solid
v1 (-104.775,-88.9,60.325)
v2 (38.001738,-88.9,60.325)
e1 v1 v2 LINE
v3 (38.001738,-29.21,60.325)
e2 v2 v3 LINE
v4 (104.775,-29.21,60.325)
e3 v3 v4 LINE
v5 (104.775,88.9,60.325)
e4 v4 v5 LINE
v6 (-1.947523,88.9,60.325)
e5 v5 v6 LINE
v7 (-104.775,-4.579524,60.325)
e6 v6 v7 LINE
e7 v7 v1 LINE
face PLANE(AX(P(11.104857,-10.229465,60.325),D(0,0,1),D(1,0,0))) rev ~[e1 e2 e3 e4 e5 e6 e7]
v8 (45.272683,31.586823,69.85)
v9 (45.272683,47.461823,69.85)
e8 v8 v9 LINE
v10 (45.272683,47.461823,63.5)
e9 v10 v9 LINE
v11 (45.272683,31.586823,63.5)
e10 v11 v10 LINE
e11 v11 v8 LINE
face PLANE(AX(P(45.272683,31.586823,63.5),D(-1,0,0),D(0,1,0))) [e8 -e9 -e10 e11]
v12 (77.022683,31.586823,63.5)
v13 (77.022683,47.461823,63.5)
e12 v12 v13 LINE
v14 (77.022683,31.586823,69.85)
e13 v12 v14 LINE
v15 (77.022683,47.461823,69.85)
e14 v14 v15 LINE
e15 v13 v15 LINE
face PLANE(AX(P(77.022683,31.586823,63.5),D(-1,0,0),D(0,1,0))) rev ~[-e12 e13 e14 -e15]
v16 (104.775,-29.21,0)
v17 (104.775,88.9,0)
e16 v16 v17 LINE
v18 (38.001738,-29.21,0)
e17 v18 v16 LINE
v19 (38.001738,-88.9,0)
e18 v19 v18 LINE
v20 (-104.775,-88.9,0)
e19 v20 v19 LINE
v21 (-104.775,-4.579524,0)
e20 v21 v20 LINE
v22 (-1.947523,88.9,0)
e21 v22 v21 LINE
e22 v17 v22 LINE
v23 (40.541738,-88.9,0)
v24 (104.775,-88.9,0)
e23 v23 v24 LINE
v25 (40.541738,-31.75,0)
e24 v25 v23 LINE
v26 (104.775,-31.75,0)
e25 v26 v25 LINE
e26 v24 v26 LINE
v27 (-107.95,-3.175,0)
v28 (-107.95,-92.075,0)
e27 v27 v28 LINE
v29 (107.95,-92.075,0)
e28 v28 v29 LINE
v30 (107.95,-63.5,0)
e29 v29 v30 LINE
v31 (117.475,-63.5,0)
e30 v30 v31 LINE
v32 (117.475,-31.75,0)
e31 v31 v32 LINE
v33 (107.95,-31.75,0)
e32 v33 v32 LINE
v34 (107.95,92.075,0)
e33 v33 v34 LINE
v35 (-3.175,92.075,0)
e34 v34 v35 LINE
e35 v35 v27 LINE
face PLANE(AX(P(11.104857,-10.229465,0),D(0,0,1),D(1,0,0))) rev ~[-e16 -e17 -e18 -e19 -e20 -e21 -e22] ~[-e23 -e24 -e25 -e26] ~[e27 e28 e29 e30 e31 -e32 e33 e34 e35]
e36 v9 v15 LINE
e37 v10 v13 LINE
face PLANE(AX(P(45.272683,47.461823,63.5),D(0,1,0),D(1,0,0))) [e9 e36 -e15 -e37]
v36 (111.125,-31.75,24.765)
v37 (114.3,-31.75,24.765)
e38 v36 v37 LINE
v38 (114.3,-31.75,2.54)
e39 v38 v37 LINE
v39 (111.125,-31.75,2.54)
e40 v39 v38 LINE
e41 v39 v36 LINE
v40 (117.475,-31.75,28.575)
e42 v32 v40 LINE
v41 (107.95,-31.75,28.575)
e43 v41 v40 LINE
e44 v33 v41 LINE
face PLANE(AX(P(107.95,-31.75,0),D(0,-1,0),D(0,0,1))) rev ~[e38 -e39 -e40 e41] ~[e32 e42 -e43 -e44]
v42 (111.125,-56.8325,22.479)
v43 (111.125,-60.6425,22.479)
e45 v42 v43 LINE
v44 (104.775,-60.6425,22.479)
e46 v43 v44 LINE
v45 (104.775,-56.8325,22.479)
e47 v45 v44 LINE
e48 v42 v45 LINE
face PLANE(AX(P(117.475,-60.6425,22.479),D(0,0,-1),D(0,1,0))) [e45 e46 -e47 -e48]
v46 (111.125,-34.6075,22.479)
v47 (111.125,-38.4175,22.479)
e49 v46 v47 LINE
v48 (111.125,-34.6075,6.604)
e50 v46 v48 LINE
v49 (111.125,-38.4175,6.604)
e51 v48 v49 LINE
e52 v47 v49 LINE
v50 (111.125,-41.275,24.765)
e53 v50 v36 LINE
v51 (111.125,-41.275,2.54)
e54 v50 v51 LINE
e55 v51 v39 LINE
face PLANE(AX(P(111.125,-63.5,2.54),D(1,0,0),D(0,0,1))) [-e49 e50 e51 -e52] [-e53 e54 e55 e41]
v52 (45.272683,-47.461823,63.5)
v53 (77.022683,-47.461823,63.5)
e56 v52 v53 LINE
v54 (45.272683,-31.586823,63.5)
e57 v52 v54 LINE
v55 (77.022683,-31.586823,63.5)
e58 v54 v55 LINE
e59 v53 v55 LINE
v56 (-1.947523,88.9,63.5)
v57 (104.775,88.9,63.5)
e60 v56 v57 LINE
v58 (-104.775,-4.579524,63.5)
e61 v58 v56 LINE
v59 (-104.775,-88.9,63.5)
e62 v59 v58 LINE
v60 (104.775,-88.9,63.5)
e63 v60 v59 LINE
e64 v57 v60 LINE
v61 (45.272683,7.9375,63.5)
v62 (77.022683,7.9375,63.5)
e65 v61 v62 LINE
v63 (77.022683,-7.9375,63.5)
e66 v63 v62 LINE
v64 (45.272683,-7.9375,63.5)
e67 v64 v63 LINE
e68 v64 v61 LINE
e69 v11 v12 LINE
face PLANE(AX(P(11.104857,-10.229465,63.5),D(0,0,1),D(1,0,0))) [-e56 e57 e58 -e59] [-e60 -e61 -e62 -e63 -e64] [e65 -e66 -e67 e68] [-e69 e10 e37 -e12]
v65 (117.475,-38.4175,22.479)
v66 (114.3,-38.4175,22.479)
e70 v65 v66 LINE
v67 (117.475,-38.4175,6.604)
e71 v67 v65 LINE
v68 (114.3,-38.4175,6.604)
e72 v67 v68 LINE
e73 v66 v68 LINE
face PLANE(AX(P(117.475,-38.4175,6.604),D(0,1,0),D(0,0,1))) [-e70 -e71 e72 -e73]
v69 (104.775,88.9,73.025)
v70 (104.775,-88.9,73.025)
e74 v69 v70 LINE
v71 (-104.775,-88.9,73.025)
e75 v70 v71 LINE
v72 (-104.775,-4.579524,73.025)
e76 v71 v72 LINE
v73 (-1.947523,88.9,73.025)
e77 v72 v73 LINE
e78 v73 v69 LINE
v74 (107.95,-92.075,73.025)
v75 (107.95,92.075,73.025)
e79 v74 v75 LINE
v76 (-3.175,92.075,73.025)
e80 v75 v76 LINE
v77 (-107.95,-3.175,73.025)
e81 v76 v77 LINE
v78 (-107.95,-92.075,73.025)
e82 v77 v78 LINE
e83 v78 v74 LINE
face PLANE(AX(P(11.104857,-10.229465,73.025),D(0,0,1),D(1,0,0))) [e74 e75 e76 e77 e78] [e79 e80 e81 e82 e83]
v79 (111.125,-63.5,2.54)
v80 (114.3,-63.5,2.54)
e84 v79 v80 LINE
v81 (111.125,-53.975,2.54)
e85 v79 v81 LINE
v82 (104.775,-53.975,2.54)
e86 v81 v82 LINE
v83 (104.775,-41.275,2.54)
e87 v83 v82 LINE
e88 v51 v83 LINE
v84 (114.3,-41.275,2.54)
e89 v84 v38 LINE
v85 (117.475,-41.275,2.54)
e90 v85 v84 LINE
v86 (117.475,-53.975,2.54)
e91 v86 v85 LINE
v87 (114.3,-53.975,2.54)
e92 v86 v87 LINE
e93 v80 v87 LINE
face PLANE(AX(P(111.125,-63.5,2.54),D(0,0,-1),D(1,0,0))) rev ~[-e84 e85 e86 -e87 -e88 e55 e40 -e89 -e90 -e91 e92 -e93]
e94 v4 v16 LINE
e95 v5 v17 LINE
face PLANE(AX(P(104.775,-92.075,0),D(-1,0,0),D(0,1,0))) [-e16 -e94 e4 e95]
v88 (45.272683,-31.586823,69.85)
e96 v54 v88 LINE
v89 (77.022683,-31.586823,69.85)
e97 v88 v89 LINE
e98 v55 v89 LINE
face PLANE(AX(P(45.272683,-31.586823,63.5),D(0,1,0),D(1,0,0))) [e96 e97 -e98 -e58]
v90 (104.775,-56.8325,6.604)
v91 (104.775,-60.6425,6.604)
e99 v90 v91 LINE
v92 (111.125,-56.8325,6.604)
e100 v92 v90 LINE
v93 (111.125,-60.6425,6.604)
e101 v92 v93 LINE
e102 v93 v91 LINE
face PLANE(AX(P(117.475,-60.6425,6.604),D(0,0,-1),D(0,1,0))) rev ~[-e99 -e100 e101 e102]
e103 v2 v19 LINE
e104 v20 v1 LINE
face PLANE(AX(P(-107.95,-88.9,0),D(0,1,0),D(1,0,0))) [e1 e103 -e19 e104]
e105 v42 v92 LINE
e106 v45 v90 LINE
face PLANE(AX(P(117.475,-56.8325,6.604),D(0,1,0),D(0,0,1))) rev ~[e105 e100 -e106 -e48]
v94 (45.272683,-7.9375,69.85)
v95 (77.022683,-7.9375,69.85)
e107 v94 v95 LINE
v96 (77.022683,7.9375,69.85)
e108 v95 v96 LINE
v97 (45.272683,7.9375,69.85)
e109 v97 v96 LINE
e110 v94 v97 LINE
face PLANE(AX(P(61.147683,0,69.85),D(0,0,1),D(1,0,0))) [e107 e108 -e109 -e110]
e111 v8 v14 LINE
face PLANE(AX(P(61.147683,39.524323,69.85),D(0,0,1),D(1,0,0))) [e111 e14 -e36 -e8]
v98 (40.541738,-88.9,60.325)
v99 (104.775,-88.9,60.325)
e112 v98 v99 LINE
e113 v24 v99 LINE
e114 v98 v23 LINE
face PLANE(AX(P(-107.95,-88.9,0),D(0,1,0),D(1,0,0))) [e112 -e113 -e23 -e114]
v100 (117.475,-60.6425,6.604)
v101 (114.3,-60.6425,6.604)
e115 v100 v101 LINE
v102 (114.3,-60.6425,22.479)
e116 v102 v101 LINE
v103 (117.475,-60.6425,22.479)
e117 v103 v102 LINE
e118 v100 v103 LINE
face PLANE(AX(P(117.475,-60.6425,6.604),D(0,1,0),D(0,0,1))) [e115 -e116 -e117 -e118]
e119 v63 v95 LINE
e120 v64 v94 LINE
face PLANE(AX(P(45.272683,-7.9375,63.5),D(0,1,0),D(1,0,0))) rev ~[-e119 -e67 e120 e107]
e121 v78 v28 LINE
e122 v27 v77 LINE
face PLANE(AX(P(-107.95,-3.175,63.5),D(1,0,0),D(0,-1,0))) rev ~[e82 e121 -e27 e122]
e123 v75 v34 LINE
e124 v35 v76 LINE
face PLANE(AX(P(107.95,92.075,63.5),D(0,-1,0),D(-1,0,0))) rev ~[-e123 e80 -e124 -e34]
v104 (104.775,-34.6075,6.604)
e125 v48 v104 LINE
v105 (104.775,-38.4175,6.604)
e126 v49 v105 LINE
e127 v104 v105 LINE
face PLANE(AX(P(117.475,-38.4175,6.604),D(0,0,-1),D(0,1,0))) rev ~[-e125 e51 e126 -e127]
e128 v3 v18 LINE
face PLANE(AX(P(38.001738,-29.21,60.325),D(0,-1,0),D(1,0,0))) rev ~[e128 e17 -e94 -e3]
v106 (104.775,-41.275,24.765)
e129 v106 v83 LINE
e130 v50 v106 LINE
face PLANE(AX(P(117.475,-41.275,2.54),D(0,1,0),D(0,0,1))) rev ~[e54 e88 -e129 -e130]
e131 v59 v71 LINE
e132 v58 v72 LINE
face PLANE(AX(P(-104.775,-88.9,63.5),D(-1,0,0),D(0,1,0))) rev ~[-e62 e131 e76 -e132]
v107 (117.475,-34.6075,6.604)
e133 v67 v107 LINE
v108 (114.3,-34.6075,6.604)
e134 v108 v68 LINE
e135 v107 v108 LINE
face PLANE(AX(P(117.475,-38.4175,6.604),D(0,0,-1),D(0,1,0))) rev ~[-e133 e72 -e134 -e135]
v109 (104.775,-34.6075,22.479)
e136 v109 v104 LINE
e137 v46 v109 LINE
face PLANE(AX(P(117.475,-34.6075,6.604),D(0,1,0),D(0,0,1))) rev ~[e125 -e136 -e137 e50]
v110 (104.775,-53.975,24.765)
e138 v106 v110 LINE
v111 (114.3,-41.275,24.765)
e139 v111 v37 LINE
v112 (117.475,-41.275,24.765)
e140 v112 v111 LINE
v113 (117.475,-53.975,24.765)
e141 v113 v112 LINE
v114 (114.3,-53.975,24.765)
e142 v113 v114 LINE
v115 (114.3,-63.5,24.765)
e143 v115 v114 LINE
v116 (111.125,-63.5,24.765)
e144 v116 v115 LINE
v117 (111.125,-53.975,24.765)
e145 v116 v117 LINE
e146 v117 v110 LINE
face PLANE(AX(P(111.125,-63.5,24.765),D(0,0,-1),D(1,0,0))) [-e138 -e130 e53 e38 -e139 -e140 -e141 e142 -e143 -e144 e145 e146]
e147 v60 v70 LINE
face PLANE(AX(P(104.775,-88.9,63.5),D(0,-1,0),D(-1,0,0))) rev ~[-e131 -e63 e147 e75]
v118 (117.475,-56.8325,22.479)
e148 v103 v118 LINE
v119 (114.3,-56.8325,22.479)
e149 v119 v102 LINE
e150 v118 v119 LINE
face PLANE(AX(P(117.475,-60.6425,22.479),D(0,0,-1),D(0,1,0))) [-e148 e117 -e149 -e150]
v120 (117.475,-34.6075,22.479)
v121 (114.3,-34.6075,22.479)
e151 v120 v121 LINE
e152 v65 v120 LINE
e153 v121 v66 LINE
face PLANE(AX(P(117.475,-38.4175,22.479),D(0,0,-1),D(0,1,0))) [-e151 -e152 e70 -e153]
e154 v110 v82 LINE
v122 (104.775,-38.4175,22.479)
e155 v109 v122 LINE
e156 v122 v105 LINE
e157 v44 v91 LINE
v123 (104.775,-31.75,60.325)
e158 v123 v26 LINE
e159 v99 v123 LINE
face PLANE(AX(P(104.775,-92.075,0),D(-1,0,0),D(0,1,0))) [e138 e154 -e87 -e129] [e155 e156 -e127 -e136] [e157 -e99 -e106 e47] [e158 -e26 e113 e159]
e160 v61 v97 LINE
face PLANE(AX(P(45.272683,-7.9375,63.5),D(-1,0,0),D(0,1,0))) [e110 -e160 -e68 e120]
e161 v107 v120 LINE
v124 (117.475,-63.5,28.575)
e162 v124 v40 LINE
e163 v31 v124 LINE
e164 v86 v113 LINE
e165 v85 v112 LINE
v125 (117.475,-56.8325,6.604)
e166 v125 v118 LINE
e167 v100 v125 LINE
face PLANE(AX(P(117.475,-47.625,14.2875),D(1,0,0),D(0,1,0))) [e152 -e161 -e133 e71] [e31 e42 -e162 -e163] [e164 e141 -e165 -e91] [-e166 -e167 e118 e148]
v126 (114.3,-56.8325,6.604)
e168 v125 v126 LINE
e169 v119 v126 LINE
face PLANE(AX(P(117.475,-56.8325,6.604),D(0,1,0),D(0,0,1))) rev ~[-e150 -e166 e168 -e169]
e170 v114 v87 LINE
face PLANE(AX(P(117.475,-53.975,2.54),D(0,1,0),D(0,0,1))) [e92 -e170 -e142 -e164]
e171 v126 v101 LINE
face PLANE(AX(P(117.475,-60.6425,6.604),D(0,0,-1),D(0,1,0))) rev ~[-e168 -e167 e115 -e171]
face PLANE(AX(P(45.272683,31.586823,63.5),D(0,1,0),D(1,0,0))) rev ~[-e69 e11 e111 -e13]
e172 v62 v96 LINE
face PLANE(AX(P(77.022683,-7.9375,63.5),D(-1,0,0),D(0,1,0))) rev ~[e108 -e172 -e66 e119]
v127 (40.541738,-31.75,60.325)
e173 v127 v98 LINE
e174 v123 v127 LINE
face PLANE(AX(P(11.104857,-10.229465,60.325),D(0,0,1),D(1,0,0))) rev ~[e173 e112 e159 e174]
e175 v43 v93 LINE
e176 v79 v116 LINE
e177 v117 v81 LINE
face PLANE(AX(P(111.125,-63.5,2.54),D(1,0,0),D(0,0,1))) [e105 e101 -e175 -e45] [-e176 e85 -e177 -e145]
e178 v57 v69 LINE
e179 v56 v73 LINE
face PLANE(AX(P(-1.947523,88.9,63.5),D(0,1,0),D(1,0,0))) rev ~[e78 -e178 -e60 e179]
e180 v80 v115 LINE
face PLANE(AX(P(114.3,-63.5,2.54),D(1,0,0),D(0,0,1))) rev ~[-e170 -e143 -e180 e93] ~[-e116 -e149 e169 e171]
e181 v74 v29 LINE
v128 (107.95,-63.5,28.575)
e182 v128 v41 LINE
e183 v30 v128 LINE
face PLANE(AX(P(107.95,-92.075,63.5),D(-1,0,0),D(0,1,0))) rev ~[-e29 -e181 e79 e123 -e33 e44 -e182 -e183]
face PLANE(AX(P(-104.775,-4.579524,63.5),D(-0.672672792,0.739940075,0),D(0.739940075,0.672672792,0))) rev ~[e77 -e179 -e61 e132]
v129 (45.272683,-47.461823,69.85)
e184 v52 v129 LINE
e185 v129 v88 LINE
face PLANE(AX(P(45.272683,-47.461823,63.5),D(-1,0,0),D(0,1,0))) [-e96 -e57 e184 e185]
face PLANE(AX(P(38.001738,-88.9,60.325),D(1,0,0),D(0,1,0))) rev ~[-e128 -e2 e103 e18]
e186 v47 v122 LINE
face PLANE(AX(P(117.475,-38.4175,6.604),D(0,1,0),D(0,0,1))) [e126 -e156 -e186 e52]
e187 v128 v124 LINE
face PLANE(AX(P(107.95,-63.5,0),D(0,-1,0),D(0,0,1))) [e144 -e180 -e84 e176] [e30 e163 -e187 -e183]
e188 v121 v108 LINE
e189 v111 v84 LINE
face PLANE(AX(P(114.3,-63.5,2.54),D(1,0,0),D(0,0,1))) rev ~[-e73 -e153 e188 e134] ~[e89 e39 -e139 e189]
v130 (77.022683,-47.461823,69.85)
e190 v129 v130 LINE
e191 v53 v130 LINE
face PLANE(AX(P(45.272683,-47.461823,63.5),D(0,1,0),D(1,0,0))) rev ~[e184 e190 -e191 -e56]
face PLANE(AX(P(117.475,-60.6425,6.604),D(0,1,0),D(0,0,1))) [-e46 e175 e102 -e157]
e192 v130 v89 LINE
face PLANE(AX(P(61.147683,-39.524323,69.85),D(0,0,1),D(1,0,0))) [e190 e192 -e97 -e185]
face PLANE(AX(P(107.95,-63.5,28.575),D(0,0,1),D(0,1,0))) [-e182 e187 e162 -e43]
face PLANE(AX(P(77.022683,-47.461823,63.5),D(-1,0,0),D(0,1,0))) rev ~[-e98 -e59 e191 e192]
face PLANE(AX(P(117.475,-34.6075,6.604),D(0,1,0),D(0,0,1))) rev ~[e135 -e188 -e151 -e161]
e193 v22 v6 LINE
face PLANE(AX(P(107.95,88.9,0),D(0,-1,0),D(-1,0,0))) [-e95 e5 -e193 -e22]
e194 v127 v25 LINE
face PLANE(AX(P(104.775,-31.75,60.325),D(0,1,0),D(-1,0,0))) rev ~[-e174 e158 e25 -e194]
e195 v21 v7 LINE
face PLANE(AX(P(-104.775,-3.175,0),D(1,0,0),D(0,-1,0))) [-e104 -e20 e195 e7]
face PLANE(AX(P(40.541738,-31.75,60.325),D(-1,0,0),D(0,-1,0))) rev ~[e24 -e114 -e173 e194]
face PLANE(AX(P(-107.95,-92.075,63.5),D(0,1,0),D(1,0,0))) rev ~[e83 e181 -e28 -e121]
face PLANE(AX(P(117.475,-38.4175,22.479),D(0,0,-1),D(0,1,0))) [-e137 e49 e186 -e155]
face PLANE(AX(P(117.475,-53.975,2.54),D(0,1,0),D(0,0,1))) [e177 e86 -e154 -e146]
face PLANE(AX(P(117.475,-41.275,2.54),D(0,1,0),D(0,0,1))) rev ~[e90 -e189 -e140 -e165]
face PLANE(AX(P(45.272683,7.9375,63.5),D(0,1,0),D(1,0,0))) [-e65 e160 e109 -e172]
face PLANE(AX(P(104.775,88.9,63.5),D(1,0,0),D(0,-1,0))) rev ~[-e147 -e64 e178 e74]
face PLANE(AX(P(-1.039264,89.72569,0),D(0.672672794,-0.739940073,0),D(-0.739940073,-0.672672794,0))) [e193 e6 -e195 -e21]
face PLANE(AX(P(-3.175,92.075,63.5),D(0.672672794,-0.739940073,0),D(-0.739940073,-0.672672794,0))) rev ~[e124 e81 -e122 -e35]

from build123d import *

# Parameters (mm, degrees)
F1_DEPTH  = 63.5
F2_T      = -3.175
F4_DEPTH  = 9.525
F5_W      = 31.75
F5_H      = 15.875
F6_DEPTH  = 6.35
F8_DEPTH  = 60.325
F9_W      = 31.75
F9_H      = 28.575
F10_DEPTH = 9.525
F11_W     = 12.7
F11_H     = 22.225
F11_W_2   = 3.81
F11_H_2   = 15.875
F12_DEPTH = 25.654
F13_W     = 3.175
F13_H     = 22.225
F14_DEPTH = 127


with BuildPart() as f1:
    # F0 (on Top) → F1 (new body)
    with BuildSketch(Plane.XY):
        Polygon((107.95, 92.075), (-3.175, 92.075), (-107.95, -3.175), (-107.95, -92.075), (107.95, -92.075), align=None)
    extrude(amount=F1_DEPTH)

    # F2
    f2_openings = [f1.faces().sort_by_distance(p)[0] for p in [
        (10.480538, -8.657836, 0),
    ]]
    offset(amount=F2_T, openings=f2_openings)

    # F3 (on face) → F4 (join)
    with BuildSketch(Plane.XY.offset(63.5)):
        Polygon((107.95, 92.075), (-3.175, 92.075), (-107.95, -3.175), (-107.95, -92.075), (107.95, -92.075), align=None)
        Polygon((104.775, -88.9), (-104.775, -88.9), (-104.775, -4.579524), (-1.947523, 88.9), (104.775, 88.9), align=None, mode=Mode.SUBTRACT)
    extrude(amount=F4_DEPTH)

    # F5 (on face) → F6 (join)
    with BuildSketch(Plane.XY.offset(63.5)):
        with Locations((61.147683, 39.524323)):
            Rectangle(F5_W, F5_H)
        with Locations((61.147683, 0)):
            Rectangle(F5_W, F5_H)
        with Locations((61.147683, -39.524323)):
            Rectangle(F5_W, F5_H)
    extrude(amount=F6_DEPTH)

    # F7 (on face) → F8 (join, through all)
    with BuildSketch(Plane(origin=(0, 0, 60.325), x_dir=(1, 0, 0), z_dir=(0, 0, -1))):
        Polygon((104.775, 29.21), (104.775, 31.75), (40.541738, 31.75), (40.541738, 88.9), (38.001738, 88.9), (38.001738, 29.21), align=None)
    extrude(amount=F8_DEPTH)

    # F9 (on face) → F10 (join)
    with BuildSketch(Plane.YZ.offset(107.95)):
        with Locations((-47.625, 14.2875)):
            Rectangle(F9_W, F9_H)
    extrude(amount=F10_DEPTH)

    # F11 (on face) → F12 (cut)
    with BuildSketch(Plane.YZ.offset(117.475)):
        with Locations((-47.625, 13.6525)):
            Rectangle(F11_W, F11_H)
        with Locations((-58.7375, 14.5415)):
            Rectangle(F11_W_2, F11_H_2)
        with Locations((-36.5125, 14.5415)):
            Rectangle(F11_W_2, F11_H_2)
    extrude(amount=-F12_DEPTH, mode=Mode.SUBTRACT)

    # F13 (on face) → F14 (cut)
    with BuildSketch(Plane.XZ.offset(63.5)):
        with Locations((112.7125, 13.6525)):
            Rectangle(F13_W, F13_H)
    extrude(amount=-F14_DEPTH, mode=Mode.SUBTRACT)


solid = f1.part
